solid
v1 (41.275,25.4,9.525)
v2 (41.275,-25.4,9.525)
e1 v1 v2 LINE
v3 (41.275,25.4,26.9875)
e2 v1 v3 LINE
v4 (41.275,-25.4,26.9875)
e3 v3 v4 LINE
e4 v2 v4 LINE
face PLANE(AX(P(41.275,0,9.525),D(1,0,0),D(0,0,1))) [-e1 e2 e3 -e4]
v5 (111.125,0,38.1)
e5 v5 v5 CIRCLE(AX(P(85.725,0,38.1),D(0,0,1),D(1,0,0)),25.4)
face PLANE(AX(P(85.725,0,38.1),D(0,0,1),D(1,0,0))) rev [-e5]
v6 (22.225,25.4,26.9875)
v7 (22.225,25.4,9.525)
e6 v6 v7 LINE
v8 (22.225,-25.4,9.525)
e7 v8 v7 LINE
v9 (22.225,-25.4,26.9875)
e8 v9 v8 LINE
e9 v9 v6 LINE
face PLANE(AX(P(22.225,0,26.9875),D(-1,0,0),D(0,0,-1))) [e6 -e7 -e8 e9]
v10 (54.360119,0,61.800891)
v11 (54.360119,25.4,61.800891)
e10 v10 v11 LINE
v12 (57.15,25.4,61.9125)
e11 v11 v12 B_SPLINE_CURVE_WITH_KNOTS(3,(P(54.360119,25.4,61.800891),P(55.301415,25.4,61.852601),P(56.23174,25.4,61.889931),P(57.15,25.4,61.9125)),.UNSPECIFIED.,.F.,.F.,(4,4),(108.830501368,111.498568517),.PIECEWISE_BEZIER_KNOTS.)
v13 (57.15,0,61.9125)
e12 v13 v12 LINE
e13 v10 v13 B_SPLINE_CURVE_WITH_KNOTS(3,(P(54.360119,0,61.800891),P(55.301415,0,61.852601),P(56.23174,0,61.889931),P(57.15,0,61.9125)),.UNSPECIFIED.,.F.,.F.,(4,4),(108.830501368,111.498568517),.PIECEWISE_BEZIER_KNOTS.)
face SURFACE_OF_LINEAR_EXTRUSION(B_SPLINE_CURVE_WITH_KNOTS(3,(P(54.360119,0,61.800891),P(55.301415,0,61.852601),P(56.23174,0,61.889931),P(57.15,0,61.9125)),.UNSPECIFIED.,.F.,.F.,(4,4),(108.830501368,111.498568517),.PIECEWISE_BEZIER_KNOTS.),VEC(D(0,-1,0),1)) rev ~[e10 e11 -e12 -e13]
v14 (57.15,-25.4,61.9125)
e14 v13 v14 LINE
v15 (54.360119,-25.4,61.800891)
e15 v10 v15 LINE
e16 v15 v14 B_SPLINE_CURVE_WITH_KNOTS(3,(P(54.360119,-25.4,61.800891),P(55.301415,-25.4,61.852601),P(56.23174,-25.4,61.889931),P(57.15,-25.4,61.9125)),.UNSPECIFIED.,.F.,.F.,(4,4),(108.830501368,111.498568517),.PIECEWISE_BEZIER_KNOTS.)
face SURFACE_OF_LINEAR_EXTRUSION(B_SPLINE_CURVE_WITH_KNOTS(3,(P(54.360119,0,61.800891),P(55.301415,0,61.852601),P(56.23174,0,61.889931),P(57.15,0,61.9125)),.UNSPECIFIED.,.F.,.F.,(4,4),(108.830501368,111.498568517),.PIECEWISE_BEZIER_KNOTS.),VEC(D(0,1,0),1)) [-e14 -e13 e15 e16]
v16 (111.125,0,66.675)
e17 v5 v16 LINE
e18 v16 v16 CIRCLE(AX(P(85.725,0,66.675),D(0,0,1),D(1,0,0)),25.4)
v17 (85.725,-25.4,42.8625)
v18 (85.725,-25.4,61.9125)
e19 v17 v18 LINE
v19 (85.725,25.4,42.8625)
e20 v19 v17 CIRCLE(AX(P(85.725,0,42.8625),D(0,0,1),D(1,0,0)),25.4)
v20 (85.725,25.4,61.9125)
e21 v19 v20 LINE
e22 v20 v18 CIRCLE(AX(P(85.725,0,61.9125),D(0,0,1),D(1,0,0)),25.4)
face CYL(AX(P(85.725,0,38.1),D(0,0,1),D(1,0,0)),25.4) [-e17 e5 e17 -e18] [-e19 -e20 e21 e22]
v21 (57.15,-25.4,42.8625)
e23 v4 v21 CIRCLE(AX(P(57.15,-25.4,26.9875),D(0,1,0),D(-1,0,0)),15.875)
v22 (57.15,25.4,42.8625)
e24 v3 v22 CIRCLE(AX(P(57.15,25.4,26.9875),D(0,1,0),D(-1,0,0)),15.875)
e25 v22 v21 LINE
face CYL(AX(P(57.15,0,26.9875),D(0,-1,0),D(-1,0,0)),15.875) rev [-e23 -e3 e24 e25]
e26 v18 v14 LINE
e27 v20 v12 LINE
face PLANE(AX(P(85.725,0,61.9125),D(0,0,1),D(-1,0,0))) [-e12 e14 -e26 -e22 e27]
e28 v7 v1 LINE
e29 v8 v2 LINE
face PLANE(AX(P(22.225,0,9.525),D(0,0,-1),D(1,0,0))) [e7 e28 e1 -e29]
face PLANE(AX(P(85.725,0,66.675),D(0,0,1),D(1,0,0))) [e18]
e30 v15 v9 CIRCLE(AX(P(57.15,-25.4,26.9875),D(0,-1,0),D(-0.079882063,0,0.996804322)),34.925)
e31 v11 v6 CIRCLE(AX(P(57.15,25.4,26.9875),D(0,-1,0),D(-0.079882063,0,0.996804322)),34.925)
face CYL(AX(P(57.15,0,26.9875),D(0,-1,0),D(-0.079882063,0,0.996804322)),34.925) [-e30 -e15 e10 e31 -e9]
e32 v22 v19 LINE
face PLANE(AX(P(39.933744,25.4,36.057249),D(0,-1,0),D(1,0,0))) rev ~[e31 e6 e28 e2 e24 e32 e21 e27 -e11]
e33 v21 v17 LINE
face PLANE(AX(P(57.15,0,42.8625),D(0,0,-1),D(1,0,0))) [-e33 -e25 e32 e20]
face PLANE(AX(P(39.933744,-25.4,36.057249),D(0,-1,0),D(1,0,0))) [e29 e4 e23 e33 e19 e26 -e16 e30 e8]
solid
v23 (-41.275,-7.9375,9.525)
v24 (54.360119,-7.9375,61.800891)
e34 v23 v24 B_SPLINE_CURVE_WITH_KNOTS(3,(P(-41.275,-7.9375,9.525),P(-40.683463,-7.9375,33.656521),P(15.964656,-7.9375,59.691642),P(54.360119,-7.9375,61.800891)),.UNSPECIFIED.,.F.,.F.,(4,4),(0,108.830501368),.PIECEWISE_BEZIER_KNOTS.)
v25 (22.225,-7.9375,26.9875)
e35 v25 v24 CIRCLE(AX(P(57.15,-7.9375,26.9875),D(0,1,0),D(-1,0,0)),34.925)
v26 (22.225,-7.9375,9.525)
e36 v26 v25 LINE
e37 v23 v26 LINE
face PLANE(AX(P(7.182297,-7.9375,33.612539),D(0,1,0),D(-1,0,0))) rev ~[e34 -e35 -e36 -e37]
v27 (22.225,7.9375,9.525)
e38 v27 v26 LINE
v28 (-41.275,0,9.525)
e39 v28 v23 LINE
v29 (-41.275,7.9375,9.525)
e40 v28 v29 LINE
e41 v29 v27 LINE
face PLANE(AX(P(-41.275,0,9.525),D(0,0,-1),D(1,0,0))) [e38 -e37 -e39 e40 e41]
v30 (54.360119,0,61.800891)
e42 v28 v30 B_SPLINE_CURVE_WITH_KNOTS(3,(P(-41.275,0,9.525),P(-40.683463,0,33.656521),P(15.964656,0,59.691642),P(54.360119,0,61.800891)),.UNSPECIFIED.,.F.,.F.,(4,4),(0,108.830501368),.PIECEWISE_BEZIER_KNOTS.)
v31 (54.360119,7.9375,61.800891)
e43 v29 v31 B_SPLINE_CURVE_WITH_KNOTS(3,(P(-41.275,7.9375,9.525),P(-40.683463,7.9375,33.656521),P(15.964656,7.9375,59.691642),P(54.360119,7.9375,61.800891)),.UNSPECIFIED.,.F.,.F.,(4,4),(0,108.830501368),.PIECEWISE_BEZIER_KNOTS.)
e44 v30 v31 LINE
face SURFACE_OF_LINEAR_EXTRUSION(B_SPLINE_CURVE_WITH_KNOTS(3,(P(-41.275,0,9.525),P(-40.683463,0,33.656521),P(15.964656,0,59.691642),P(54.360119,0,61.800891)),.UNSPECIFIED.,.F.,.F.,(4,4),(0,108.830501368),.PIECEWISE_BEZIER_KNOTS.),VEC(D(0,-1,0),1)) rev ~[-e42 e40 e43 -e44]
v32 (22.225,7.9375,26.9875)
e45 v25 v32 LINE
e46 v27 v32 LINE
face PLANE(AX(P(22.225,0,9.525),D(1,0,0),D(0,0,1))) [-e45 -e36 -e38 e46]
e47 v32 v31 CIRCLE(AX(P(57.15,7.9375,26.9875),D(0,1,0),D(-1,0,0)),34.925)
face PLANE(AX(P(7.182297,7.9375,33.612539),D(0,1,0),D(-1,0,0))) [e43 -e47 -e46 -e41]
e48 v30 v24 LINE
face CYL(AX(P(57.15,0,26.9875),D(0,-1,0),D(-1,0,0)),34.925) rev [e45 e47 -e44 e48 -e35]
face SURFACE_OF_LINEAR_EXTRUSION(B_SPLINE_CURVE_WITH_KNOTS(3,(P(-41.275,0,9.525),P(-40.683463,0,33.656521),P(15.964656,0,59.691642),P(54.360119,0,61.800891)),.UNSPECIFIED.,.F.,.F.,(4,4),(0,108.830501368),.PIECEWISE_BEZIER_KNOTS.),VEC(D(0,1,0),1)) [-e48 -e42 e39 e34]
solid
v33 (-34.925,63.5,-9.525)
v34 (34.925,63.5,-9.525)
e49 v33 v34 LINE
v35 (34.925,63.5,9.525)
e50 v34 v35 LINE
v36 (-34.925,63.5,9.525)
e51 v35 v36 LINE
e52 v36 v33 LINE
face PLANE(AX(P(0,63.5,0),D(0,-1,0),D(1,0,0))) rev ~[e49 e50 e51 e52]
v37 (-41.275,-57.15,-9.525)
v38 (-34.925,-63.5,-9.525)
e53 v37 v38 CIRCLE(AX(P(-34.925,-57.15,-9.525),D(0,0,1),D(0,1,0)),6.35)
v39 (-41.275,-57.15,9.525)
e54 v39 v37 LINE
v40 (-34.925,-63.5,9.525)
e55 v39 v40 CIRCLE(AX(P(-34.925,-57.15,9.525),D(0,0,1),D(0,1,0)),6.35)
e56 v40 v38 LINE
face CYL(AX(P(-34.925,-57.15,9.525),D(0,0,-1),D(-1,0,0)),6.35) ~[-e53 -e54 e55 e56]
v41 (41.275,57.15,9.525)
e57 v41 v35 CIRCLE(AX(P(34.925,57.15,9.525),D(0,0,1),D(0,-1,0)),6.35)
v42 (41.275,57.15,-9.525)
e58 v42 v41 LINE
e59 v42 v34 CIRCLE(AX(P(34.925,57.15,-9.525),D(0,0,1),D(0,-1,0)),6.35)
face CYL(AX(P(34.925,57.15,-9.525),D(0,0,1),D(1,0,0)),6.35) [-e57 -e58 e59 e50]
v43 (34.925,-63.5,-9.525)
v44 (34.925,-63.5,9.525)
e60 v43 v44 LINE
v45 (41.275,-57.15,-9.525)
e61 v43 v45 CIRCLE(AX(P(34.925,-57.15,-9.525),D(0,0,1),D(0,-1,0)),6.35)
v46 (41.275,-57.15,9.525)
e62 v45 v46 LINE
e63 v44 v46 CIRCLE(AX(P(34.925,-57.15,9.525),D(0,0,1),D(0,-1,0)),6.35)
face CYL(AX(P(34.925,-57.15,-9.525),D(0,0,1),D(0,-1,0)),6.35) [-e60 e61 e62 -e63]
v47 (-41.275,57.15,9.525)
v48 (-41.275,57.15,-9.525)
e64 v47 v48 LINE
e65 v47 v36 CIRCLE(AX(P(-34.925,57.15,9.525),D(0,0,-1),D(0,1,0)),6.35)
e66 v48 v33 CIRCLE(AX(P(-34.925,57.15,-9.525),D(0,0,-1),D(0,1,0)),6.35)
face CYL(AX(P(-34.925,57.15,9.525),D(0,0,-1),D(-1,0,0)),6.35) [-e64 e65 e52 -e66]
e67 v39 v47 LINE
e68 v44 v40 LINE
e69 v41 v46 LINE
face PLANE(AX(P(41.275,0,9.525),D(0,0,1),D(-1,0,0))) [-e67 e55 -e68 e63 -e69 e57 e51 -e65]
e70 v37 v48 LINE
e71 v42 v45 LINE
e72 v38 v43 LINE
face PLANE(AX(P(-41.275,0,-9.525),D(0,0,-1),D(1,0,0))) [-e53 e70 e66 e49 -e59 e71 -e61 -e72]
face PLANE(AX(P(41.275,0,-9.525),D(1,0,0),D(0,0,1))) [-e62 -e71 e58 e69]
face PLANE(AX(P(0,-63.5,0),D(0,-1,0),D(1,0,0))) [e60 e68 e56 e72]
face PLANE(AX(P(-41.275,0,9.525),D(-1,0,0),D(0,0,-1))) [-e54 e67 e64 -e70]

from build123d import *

# Parameters (mm, degrees)
F1_DEPTH = 63.5
F0_W     = 25.4
F0_H     = 19.05
F2_DEPTH = 25.4
F3_DEPTH = 7.9375
F5_R     = 6.35


with BuildPart() as f1:
    # F0 (on Front) → F1 (new body, symmetric)
    with BuildSketch(Plane.XZ):
        Polygon((-41.275, -9.525), (41.275, -9.525), (41.275, 9.525), (22.225, 9.525), (-41.275, 9.525), align=None)
    extrude(amount=F1_DEPTH, both=True)

    # F5
    f5_edges = [f1.edges().sort_by_distance(p)[0] for p in [
        (41.275, -63.5, 0),
        (-41.275, -63.5, 0),
        (-41.275, 63.5, 0),
        (41.275, 63.5, 0),
    ]]
    fillet(f5_edges, radius=F5_R)


with BuildPart() as f2:
    # F0 (on Front) → F2 (new body, symmetric)
    with BuildSketch(Plane.XZ):
        with BuildLine():
            Line((22.225, 9.525), (41.275, 9.525))
            Line((41.275, 9.525), (41.275, 26.9875))
            ThreePointArc((41.275, 26.9875), (45.9246798487, 38.2128201513), (57.15, 42.8625))
            Line((57.15, 42.8625), (60.325, 42.8625))
            Line((60.325, 42.8625), (60.325, 61.9125))
            Line((60.325, 61.9125), (57.15, 61.9125))
            add(Edge.make_bspline(
                [(54.360118939, 61.8008909389), (55.3014145597, 61.8526008598), (56.2317398857, 61.8899307425), (57.15, 61.9125)],
                knots=[108.8305013681, 108.8305013681, 108.8305013681, 108.8305013681, 111.4985685166, 111.4985685166, 111.4985685166, 111.4985685166], degree=3))
            ThreePointArc((54.360118939, 61.8008909389), (31.4868725498, 50.6763056785), (22.225, 26.9875))
            Line((22.225, 26.9875), (22.225, 9.525))
        make_face()
        with Locations((73.025, 52.3875)):
            Rectangle(F0_W, F0_H)
    extrude(amount=F2_DEPTH, both=True)

    # F0 (on Front) → F4 (revolve)
    with BuildSketch(Plane.XZ):
        Polygon((85.725, 61.9125), (85.725, 42.8625), (85.725, 38.1), (111.125, 38.1), (111.125, 66.675), (85.725, 66.675), align=None)
    revolve(axis=Axis((85.725, 0, 52.3875), (0, 0, 1)))


with BuildPart() as f3:
    # F0 (on Front) → F3 (new body, symmetric)
    with BuildSketch(Plane.XZ):
        with BuildLine():
            add(Edge.make_bspline(
                [(-41.275, 9.525), (-40.6834626734, 33.6565211849), (15.9646556195, 59.6916424443), (54.360118939, 61.8008909389)],
                knots=[0, 0, 0, 0, 108.8305013681, 108.8305013681, 108.8305013681, 108.8305013681], degree=3))
            Line((-41.275, 9.525), (22.225, 9.525))
            Line((22.225, 9.525), (22.225, 26.9875))
            ThreePointArc((22.225, 26.9875), (31.4868725498, 50.6763056785), (54.360118939, 61.8008909389))
        make_face()
    extrude(amount=F3_DEPTH, both=True)


solid = Compound([f1.part, f2.part, f3.part])
